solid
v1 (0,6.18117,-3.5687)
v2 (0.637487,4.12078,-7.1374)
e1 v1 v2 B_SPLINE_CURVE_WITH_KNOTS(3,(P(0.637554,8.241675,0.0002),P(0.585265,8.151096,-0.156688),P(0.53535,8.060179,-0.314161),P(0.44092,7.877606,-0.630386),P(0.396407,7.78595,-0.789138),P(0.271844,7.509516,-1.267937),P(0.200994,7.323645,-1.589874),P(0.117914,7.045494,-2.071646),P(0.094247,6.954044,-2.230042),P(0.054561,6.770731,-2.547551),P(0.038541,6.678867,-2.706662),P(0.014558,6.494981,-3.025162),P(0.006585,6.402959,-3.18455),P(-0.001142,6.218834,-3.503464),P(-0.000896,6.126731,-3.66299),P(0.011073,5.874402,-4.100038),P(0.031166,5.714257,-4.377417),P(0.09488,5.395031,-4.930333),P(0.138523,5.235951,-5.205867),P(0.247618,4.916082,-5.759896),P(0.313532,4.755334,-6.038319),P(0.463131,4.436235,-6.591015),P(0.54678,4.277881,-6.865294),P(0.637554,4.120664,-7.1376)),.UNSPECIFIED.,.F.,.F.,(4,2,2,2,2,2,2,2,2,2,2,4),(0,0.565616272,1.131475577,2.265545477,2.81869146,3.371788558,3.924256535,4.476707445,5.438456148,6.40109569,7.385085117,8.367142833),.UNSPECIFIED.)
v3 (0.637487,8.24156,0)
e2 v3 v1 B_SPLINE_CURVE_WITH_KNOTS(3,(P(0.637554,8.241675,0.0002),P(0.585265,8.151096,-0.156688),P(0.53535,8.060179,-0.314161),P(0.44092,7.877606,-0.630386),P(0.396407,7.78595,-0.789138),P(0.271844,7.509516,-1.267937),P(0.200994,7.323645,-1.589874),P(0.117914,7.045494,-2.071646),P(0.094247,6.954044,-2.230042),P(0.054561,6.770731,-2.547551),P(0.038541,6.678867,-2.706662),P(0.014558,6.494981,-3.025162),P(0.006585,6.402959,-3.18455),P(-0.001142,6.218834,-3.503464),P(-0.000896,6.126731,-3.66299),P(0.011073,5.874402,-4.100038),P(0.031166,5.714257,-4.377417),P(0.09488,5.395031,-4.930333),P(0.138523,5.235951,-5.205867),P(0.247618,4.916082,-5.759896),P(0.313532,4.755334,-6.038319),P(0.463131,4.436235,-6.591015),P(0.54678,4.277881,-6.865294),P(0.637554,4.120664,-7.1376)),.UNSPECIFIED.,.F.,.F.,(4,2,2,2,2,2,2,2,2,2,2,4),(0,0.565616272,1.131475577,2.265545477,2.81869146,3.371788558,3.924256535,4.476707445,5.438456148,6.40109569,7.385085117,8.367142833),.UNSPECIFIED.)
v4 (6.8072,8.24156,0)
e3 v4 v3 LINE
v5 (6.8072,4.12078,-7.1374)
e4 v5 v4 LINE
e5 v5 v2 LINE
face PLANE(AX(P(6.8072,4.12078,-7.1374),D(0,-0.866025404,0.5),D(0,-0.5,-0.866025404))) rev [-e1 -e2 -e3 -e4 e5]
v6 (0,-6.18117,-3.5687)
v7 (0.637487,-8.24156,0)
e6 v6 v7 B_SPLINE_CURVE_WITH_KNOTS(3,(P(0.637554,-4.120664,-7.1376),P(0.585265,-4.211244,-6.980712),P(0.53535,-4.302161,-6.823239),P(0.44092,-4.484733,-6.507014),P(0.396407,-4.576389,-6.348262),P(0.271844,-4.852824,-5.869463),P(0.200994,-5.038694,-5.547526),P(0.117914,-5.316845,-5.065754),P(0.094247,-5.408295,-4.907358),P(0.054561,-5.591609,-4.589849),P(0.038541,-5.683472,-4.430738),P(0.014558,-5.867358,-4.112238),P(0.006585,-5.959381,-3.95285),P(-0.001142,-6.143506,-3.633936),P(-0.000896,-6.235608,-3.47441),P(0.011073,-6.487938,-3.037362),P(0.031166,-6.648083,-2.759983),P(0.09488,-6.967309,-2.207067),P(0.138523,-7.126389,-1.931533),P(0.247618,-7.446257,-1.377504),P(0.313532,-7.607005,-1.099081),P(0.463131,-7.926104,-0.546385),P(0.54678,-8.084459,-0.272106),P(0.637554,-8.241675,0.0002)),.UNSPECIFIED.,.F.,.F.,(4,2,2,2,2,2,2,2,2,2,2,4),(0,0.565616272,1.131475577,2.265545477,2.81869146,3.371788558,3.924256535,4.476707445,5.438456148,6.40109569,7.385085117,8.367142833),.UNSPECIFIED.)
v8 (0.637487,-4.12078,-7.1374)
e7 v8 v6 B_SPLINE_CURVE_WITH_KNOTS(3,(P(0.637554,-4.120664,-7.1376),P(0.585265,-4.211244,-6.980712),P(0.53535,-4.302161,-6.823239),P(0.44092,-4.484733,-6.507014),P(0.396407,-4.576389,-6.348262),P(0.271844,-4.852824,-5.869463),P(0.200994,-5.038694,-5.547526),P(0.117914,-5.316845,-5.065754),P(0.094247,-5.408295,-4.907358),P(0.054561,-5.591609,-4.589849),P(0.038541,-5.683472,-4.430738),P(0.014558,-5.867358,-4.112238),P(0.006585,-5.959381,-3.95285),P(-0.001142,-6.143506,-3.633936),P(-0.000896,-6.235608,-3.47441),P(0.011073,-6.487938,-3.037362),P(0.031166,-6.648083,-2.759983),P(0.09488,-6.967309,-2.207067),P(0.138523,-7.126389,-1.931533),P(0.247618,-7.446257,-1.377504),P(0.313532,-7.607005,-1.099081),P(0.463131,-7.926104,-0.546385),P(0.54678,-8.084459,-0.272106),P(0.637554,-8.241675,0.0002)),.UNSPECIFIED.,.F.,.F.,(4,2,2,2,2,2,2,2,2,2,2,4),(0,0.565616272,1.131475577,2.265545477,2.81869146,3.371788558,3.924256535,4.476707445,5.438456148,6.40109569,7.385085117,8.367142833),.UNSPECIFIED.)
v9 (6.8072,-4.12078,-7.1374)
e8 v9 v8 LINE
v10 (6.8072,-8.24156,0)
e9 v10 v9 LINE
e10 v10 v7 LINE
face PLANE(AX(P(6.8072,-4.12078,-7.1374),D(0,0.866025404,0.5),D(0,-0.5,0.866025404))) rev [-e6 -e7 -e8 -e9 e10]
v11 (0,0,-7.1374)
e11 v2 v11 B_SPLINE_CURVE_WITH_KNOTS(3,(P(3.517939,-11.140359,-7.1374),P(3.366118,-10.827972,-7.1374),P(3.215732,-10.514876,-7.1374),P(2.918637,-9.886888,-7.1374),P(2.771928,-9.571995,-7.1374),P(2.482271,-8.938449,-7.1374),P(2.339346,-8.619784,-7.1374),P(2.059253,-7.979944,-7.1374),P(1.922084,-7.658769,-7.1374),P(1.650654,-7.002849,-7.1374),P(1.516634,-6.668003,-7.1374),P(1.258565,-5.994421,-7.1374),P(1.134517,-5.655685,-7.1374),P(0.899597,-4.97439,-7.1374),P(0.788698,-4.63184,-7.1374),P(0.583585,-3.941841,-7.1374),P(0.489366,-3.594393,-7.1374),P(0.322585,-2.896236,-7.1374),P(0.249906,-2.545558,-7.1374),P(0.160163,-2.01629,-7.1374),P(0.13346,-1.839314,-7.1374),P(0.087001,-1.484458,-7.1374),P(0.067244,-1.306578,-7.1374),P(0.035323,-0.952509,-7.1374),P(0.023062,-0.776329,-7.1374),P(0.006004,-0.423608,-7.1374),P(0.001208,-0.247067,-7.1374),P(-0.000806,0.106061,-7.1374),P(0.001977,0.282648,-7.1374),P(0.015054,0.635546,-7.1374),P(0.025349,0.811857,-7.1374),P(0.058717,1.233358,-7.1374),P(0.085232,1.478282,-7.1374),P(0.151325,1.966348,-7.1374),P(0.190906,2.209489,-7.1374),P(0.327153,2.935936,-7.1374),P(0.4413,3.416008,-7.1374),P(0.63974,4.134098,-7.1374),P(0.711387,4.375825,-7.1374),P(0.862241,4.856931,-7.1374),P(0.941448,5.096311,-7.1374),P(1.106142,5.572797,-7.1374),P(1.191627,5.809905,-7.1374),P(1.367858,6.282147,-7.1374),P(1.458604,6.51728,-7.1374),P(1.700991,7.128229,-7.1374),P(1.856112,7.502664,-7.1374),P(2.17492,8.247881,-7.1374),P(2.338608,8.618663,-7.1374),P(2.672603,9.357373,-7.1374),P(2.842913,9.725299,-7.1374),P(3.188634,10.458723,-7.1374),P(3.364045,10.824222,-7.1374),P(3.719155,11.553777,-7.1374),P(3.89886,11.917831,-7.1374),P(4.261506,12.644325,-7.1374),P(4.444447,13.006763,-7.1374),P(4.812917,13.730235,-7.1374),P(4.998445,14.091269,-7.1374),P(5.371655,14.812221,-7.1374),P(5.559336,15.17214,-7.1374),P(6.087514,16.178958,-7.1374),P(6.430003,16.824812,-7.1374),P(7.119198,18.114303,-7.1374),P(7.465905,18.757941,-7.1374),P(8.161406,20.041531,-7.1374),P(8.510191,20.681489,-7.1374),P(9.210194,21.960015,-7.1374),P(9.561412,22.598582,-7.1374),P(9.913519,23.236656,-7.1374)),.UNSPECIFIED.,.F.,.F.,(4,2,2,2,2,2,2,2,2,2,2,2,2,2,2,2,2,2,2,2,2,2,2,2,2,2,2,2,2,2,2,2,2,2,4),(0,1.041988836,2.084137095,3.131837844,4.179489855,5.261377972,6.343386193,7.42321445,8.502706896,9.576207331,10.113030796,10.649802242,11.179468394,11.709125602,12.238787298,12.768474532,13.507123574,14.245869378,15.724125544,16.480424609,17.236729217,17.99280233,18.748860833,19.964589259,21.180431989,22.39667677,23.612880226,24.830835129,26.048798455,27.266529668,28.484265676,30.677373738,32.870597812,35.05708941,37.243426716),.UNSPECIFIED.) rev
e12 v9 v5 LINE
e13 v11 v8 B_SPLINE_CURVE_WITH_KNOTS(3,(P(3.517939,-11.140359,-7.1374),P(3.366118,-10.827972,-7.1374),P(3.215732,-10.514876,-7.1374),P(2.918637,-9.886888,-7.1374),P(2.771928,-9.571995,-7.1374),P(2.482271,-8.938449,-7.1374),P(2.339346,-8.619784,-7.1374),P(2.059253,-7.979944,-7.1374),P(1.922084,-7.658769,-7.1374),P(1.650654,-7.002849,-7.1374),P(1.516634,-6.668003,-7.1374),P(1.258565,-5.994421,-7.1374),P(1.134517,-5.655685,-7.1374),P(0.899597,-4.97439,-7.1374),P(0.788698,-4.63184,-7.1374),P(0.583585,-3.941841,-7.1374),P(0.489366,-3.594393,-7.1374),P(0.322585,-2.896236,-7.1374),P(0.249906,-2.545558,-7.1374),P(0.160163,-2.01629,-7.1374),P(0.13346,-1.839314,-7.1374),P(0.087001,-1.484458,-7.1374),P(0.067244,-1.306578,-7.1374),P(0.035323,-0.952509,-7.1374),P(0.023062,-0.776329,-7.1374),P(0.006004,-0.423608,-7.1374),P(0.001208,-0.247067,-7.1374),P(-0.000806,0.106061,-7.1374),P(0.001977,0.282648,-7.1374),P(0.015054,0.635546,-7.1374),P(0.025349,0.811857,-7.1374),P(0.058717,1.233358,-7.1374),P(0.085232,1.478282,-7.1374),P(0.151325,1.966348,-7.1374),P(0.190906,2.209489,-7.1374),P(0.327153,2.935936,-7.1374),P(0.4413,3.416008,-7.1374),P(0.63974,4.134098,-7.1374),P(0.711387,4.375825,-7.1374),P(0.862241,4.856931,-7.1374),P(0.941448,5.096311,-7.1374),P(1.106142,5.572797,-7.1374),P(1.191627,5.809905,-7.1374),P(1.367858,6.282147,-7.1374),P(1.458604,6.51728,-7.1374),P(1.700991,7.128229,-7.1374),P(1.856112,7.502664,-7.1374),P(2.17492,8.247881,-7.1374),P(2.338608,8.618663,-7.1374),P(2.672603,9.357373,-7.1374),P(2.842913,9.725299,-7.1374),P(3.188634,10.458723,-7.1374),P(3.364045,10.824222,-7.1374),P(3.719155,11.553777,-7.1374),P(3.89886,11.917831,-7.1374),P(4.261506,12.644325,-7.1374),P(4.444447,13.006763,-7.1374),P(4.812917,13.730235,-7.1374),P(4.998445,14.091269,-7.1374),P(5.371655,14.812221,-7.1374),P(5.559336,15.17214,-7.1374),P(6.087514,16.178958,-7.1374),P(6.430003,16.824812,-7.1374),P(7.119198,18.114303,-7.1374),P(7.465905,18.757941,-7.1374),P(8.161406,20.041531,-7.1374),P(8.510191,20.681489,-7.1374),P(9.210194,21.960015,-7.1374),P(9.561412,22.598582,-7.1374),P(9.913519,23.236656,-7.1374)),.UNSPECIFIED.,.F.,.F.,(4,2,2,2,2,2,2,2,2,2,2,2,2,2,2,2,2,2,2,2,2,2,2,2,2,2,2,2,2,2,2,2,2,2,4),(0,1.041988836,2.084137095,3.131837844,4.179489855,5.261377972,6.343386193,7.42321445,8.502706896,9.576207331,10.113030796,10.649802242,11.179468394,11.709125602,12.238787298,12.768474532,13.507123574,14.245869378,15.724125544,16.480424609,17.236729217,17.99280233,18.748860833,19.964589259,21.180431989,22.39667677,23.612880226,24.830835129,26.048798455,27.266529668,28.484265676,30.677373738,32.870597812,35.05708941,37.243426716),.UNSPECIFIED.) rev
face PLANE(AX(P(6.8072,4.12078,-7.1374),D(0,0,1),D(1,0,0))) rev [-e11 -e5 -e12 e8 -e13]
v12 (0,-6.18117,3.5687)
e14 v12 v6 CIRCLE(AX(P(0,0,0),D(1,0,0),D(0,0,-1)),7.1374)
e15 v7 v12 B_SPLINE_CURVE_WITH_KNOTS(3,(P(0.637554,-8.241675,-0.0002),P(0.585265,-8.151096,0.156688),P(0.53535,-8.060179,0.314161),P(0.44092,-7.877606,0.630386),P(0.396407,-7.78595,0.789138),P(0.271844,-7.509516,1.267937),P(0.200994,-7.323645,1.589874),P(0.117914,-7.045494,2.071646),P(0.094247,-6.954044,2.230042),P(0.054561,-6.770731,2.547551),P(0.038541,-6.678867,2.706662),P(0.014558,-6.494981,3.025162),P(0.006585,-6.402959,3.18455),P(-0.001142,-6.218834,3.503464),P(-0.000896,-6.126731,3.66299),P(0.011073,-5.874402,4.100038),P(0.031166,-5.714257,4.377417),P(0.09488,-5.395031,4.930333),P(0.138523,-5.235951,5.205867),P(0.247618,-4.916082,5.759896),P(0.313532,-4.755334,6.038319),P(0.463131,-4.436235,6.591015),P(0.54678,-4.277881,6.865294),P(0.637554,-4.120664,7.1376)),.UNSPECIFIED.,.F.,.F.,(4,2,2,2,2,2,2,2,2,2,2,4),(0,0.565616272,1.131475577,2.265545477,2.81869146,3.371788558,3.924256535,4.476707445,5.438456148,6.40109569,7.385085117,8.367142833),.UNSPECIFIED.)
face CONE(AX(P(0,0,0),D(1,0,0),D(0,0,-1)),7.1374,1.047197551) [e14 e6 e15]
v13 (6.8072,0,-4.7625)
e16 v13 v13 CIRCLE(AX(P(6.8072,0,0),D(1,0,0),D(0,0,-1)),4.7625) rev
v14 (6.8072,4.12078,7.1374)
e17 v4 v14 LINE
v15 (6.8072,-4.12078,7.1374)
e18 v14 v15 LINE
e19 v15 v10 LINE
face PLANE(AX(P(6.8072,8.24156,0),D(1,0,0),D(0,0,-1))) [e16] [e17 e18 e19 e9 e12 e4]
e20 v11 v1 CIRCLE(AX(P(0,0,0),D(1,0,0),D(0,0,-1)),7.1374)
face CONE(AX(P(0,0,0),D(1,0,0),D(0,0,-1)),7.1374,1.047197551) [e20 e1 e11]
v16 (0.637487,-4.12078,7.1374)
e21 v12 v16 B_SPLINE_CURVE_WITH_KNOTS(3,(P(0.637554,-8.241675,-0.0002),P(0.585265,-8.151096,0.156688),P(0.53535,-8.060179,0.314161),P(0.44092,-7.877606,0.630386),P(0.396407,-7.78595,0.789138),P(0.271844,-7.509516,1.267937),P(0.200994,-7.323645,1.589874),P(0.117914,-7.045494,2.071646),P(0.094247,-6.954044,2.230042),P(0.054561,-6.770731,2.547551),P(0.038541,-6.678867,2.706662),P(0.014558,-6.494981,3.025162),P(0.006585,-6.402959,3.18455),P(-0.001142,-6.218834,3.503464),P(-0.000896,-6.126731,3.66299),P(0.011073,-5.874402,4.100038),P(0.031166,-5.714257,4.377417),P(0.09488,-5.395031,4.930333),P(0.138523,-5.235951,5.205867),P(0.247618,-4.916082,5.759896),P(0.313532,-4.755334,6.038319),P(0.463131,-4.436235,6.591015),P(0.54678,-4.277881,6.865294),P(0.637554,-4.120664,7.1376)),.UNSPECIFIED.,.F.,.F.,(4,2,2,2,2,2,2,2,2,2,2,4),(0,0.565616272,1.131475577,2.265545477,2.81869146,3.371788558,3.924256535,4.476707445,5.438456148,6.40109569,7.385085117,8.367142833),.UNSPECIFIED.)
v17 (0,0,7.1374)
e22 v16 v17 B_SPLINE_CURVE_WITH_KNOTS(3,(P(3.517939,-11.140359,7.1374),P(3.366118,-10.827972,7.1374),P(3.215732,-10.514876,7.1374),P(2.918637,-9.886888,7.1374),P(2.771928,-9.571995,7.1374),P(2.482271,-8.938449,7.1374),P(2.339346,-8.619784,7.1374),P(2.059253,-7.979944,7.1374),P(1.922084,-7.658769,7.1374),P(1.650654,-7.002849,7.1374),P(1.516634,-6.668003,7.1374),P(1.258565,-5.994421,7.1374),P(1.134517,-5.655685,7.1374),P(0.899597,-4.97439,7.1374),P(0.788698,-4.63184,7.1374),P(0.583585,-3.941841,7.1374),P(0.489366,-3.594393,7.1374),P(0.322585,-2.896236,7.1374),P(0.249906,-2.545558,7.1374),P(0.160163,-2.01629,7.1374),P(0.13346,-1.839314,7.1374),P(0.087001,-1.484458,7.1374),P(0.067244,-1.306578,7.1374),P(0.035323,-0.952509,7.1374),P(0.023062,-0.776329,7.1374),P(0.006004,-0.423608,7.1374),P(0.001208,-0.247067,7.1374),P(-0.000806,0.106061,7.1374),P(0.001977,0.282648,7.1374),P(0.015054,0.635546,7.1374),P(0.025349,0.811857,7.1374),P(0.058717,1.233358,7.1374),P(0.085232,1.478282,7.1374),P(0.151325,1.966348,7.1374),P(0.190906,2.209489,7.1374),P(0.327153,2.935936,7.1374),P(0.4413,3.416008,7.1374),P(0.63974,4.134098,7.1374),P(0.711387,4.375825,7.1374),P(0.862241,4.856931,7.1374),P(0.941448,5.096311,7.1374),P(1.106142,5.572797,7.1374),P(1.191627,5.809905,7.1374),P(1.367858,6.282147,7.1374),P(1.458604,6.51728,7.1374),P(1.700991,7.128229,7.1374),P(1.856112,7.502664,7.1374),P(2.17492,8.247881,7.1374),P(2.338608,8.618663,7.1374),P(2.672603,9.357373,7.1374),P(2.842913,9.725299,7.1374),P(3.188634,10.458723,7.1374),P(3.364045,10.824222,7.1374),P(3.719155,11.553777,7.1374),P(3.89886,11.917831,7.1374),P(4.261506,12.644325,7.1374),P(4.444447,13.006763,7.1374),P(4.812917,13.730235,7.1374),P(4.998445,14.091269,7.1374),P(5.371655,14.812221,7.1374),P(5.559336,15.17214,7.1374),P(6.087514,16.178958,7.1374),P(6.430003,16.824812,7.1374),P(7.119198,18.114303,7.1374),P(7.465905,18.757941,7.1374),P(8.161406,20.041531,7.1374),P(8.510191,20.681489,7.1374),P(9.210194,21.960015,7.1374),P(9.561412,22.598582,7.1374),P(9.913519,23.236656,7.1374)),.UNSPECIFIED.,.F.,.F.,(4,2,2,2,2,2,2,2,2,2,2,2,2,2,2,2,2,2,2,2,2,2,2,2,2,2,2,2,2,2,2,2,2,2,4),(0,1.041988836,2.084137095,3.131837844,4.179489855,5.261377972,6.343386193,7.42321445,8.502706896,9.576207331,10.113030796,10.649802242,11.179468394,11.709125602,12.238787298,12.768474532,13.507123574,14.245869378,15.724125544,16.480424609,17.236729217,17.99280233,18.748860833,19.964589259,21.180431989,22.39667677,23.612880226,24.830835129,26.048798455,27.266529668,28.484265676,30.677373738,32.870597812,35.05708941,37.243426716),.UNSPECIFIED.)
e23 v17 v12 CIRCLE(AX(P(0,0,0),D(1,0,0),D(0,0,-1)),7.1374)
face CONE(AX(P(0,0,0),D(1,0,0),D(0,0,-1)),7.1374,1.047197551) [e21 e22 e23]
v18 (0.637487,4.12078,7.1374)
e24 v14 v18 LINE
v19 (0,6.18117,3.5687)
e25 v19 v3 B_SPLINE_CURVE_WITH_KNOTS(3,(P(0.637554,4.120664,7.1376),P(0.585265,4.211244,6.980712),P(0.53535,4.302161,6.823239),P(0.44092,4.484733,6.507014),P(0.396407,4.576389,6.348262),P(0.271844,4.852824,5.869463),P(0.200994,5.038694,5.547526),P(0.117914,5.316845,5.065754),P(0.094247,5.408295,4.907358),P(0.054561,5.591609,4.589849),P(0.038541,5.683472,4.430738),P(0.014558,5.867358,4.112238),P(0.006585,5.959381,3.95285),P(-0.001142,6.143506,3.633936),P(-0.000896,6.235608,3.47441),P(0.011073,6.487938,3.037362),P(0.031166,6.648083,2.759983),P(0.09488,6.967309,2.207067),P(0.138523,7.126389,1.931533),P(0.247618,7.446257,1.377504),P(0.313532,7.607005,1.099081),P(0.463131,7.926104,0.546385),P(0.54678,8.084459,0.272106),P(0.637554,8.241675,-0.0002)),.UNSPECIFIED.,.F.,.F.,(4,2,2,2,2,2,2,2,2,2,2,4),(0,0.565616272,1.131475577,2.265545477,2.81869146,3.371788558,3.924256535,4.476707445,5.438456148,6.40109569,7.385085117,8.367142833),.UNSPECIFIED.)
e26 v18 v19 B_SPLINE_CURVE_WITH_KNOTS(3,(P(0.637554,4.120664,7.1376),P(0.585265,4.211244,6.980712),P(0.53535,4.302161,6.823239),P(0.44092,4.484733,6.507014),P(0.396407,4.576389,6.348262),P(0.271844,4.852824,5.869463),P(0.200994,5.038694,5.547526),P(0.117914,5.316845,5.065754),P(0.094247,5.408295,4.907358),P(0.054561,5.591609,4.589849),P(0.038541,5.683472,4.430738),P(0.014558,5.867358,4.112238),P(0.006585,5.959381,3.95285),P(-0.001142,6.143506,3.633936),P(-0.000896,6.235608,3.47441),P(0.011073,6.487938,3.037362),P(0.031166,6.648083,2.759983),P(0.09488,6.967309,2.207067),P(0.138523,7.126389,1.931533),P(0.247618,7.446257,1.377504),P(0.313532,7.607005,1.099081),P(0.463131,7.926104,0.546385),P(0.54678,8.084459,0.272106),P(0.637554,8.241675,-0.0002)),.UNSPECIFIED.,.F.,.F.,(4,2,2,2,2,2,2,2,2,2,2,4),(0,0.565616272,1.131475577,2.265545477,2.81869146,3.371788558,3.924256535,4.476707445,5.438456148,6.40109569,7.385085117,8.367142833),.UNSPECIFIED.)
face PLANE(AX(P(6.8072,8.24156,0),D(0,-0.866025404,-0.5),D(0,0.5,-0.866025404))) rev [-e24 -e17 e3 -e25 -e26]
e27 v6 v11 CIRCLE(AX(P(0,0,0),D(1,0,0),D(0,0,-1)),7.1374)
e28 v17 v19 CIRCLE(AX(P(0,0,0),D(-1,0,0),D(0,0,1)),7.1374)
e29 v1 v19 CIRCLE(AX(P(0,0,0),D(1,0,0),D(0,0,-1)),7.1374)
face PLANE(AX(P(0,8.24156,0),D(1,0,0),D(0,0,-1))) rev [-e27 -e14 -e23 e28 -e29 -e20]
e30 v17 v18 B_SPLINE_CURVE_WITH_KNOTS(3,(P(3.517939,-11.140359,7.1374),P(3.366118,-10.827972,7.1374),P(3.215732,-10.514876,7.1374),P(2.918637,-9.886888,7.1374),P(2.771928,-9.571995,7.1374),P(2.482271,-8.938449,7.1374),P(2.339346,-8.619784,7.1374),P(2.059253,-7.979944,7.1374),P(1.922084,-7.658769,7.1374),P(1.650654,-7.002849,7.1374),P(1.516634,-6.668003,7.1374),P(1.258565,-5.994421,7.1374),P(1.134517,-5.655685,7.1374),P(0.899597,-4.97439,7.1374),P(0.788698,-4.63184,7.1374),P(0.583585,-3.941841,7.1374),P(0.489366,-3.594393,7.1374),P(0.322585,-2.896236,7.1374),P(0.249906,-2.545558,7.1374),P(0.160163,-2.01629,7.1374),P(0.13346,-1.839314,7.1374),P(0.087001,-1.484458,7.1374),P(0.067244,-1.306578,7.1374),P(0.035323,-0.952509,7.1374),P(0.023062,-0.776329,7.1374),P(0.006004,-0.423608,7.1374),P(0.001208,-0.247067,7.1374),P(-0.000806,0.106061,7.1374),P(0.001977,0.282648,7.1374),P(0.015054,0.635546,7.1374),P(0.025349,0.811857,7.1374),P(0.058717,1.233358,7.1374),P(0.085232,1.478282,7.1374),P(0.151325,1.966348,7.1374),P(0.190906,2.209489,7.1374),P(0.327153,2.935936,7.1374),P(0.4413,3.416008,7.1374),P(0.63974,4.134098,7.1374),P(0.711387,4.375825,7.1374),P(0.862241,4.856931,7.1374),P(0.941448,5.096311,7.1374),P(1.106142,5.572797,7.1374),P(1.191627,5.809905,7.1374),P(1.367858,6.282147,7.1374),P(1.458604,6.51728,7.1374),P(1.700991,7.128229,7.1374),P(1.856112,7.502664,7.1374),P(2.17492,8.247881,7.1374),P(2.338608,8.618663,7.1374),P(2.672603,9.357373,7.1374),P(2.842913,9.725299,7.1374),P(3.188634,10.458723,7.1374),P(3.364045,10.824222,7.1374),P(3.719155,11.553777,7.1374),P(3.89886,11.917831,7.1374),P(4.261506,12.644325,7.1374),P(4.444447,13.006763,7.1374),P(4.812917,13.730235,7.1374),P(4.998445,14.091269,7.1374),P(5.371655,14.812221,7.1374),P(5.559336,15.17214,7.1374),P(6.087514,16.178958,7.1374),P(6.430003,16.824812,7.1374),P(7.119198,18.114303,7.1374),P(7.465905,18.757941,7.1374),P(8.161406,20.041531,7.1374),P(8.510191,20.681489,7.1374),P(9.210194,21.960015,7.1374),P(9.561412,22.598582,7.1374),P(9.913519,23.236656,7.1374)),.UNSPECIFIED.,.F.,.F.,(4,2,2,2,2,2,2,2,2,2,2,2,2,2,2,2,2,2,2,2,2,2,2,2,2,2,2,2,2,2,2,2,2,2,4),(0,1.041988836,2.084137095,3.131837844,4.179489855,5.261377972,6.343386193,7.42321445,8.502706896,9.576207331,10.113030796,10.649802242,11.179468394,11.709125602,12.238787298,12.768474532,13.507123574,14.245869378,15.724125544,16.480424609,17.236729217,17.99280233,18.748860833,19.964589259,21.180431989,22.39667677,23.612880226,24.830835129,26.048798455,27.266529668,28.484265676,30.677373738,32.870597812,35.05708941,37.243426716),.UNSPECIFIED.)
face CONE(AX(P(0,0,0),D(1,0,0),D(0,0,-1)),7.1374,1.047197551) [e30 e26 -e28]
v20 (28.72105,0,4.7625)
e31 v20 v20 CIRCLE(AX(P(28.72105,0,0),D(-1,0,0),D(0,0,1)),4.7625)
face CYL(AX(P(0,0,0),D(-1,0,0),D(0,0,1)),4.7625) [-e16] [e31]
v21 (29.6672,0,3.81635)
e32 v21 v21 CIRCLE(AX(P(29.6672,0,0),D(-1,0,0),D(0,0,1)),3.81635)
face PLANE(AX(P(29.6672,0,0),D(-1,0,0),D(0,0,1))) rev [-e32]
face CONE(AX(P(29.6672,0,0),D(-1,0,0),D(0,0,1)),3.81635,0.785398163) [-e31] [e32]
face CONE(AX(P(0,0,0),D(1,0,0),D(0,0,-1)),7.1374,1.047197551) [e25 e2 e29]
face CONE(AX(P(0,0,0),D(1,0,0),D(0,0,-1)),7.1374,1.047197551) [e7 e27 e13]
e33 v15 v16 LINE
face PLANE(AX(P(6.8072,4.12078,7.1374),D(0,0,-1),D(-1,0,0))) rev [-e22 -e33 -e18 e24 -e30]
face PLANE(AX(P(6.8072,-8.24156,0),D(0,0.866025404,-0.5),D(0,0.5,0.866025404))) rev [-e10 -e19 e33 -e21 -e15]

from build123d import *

# Parameters (mm, degrees)
BASEHEAD_DEPTH = 6.8072


with BuildPart() as part:
    # Sketch1 → BaseHead (new body)
    with BuildSketch(Plane(origin=(0, 0, 0), x_dir=(0, 0, -1), z_dir=(1, 0, 0))):
        Polygon((7.1374, 4.120779811), (7.1374, -4.120779811), (0, -8.241559623), (-7.1374, -4.120779811), (-7.1374, 4.120779811), (0, 8.241559623), align=None)
    extrude(amount=BASEHEAD_DEPTH)

    # BodySke → BaseBody (revolve)
    with BuildSketch(Plane.XY):
        Polygon((0, 0), (29.6672, 0), (29.6672, 3.81635), (28.72105, 4.7625), (0, 4.7625), align=None)
    revolve(axis=Axis((0, 0, 0), (1, 0, 0)))

    # Sketch3 → HeadChamfer (revolve, cut)
    with BuildSketch(Plane.XY):
        Polygon((0, 7.1374), (4.303661065, 14.591559623), (4.303661065, 20.941559623), (-12.7, 20.941559623), (-12.7, 7.1374), align=None)
    revolve(axis=Axis((0, 0, 0), (1, 0, 0)), mode=Mode.SUBTRACT)


solid = part.part
